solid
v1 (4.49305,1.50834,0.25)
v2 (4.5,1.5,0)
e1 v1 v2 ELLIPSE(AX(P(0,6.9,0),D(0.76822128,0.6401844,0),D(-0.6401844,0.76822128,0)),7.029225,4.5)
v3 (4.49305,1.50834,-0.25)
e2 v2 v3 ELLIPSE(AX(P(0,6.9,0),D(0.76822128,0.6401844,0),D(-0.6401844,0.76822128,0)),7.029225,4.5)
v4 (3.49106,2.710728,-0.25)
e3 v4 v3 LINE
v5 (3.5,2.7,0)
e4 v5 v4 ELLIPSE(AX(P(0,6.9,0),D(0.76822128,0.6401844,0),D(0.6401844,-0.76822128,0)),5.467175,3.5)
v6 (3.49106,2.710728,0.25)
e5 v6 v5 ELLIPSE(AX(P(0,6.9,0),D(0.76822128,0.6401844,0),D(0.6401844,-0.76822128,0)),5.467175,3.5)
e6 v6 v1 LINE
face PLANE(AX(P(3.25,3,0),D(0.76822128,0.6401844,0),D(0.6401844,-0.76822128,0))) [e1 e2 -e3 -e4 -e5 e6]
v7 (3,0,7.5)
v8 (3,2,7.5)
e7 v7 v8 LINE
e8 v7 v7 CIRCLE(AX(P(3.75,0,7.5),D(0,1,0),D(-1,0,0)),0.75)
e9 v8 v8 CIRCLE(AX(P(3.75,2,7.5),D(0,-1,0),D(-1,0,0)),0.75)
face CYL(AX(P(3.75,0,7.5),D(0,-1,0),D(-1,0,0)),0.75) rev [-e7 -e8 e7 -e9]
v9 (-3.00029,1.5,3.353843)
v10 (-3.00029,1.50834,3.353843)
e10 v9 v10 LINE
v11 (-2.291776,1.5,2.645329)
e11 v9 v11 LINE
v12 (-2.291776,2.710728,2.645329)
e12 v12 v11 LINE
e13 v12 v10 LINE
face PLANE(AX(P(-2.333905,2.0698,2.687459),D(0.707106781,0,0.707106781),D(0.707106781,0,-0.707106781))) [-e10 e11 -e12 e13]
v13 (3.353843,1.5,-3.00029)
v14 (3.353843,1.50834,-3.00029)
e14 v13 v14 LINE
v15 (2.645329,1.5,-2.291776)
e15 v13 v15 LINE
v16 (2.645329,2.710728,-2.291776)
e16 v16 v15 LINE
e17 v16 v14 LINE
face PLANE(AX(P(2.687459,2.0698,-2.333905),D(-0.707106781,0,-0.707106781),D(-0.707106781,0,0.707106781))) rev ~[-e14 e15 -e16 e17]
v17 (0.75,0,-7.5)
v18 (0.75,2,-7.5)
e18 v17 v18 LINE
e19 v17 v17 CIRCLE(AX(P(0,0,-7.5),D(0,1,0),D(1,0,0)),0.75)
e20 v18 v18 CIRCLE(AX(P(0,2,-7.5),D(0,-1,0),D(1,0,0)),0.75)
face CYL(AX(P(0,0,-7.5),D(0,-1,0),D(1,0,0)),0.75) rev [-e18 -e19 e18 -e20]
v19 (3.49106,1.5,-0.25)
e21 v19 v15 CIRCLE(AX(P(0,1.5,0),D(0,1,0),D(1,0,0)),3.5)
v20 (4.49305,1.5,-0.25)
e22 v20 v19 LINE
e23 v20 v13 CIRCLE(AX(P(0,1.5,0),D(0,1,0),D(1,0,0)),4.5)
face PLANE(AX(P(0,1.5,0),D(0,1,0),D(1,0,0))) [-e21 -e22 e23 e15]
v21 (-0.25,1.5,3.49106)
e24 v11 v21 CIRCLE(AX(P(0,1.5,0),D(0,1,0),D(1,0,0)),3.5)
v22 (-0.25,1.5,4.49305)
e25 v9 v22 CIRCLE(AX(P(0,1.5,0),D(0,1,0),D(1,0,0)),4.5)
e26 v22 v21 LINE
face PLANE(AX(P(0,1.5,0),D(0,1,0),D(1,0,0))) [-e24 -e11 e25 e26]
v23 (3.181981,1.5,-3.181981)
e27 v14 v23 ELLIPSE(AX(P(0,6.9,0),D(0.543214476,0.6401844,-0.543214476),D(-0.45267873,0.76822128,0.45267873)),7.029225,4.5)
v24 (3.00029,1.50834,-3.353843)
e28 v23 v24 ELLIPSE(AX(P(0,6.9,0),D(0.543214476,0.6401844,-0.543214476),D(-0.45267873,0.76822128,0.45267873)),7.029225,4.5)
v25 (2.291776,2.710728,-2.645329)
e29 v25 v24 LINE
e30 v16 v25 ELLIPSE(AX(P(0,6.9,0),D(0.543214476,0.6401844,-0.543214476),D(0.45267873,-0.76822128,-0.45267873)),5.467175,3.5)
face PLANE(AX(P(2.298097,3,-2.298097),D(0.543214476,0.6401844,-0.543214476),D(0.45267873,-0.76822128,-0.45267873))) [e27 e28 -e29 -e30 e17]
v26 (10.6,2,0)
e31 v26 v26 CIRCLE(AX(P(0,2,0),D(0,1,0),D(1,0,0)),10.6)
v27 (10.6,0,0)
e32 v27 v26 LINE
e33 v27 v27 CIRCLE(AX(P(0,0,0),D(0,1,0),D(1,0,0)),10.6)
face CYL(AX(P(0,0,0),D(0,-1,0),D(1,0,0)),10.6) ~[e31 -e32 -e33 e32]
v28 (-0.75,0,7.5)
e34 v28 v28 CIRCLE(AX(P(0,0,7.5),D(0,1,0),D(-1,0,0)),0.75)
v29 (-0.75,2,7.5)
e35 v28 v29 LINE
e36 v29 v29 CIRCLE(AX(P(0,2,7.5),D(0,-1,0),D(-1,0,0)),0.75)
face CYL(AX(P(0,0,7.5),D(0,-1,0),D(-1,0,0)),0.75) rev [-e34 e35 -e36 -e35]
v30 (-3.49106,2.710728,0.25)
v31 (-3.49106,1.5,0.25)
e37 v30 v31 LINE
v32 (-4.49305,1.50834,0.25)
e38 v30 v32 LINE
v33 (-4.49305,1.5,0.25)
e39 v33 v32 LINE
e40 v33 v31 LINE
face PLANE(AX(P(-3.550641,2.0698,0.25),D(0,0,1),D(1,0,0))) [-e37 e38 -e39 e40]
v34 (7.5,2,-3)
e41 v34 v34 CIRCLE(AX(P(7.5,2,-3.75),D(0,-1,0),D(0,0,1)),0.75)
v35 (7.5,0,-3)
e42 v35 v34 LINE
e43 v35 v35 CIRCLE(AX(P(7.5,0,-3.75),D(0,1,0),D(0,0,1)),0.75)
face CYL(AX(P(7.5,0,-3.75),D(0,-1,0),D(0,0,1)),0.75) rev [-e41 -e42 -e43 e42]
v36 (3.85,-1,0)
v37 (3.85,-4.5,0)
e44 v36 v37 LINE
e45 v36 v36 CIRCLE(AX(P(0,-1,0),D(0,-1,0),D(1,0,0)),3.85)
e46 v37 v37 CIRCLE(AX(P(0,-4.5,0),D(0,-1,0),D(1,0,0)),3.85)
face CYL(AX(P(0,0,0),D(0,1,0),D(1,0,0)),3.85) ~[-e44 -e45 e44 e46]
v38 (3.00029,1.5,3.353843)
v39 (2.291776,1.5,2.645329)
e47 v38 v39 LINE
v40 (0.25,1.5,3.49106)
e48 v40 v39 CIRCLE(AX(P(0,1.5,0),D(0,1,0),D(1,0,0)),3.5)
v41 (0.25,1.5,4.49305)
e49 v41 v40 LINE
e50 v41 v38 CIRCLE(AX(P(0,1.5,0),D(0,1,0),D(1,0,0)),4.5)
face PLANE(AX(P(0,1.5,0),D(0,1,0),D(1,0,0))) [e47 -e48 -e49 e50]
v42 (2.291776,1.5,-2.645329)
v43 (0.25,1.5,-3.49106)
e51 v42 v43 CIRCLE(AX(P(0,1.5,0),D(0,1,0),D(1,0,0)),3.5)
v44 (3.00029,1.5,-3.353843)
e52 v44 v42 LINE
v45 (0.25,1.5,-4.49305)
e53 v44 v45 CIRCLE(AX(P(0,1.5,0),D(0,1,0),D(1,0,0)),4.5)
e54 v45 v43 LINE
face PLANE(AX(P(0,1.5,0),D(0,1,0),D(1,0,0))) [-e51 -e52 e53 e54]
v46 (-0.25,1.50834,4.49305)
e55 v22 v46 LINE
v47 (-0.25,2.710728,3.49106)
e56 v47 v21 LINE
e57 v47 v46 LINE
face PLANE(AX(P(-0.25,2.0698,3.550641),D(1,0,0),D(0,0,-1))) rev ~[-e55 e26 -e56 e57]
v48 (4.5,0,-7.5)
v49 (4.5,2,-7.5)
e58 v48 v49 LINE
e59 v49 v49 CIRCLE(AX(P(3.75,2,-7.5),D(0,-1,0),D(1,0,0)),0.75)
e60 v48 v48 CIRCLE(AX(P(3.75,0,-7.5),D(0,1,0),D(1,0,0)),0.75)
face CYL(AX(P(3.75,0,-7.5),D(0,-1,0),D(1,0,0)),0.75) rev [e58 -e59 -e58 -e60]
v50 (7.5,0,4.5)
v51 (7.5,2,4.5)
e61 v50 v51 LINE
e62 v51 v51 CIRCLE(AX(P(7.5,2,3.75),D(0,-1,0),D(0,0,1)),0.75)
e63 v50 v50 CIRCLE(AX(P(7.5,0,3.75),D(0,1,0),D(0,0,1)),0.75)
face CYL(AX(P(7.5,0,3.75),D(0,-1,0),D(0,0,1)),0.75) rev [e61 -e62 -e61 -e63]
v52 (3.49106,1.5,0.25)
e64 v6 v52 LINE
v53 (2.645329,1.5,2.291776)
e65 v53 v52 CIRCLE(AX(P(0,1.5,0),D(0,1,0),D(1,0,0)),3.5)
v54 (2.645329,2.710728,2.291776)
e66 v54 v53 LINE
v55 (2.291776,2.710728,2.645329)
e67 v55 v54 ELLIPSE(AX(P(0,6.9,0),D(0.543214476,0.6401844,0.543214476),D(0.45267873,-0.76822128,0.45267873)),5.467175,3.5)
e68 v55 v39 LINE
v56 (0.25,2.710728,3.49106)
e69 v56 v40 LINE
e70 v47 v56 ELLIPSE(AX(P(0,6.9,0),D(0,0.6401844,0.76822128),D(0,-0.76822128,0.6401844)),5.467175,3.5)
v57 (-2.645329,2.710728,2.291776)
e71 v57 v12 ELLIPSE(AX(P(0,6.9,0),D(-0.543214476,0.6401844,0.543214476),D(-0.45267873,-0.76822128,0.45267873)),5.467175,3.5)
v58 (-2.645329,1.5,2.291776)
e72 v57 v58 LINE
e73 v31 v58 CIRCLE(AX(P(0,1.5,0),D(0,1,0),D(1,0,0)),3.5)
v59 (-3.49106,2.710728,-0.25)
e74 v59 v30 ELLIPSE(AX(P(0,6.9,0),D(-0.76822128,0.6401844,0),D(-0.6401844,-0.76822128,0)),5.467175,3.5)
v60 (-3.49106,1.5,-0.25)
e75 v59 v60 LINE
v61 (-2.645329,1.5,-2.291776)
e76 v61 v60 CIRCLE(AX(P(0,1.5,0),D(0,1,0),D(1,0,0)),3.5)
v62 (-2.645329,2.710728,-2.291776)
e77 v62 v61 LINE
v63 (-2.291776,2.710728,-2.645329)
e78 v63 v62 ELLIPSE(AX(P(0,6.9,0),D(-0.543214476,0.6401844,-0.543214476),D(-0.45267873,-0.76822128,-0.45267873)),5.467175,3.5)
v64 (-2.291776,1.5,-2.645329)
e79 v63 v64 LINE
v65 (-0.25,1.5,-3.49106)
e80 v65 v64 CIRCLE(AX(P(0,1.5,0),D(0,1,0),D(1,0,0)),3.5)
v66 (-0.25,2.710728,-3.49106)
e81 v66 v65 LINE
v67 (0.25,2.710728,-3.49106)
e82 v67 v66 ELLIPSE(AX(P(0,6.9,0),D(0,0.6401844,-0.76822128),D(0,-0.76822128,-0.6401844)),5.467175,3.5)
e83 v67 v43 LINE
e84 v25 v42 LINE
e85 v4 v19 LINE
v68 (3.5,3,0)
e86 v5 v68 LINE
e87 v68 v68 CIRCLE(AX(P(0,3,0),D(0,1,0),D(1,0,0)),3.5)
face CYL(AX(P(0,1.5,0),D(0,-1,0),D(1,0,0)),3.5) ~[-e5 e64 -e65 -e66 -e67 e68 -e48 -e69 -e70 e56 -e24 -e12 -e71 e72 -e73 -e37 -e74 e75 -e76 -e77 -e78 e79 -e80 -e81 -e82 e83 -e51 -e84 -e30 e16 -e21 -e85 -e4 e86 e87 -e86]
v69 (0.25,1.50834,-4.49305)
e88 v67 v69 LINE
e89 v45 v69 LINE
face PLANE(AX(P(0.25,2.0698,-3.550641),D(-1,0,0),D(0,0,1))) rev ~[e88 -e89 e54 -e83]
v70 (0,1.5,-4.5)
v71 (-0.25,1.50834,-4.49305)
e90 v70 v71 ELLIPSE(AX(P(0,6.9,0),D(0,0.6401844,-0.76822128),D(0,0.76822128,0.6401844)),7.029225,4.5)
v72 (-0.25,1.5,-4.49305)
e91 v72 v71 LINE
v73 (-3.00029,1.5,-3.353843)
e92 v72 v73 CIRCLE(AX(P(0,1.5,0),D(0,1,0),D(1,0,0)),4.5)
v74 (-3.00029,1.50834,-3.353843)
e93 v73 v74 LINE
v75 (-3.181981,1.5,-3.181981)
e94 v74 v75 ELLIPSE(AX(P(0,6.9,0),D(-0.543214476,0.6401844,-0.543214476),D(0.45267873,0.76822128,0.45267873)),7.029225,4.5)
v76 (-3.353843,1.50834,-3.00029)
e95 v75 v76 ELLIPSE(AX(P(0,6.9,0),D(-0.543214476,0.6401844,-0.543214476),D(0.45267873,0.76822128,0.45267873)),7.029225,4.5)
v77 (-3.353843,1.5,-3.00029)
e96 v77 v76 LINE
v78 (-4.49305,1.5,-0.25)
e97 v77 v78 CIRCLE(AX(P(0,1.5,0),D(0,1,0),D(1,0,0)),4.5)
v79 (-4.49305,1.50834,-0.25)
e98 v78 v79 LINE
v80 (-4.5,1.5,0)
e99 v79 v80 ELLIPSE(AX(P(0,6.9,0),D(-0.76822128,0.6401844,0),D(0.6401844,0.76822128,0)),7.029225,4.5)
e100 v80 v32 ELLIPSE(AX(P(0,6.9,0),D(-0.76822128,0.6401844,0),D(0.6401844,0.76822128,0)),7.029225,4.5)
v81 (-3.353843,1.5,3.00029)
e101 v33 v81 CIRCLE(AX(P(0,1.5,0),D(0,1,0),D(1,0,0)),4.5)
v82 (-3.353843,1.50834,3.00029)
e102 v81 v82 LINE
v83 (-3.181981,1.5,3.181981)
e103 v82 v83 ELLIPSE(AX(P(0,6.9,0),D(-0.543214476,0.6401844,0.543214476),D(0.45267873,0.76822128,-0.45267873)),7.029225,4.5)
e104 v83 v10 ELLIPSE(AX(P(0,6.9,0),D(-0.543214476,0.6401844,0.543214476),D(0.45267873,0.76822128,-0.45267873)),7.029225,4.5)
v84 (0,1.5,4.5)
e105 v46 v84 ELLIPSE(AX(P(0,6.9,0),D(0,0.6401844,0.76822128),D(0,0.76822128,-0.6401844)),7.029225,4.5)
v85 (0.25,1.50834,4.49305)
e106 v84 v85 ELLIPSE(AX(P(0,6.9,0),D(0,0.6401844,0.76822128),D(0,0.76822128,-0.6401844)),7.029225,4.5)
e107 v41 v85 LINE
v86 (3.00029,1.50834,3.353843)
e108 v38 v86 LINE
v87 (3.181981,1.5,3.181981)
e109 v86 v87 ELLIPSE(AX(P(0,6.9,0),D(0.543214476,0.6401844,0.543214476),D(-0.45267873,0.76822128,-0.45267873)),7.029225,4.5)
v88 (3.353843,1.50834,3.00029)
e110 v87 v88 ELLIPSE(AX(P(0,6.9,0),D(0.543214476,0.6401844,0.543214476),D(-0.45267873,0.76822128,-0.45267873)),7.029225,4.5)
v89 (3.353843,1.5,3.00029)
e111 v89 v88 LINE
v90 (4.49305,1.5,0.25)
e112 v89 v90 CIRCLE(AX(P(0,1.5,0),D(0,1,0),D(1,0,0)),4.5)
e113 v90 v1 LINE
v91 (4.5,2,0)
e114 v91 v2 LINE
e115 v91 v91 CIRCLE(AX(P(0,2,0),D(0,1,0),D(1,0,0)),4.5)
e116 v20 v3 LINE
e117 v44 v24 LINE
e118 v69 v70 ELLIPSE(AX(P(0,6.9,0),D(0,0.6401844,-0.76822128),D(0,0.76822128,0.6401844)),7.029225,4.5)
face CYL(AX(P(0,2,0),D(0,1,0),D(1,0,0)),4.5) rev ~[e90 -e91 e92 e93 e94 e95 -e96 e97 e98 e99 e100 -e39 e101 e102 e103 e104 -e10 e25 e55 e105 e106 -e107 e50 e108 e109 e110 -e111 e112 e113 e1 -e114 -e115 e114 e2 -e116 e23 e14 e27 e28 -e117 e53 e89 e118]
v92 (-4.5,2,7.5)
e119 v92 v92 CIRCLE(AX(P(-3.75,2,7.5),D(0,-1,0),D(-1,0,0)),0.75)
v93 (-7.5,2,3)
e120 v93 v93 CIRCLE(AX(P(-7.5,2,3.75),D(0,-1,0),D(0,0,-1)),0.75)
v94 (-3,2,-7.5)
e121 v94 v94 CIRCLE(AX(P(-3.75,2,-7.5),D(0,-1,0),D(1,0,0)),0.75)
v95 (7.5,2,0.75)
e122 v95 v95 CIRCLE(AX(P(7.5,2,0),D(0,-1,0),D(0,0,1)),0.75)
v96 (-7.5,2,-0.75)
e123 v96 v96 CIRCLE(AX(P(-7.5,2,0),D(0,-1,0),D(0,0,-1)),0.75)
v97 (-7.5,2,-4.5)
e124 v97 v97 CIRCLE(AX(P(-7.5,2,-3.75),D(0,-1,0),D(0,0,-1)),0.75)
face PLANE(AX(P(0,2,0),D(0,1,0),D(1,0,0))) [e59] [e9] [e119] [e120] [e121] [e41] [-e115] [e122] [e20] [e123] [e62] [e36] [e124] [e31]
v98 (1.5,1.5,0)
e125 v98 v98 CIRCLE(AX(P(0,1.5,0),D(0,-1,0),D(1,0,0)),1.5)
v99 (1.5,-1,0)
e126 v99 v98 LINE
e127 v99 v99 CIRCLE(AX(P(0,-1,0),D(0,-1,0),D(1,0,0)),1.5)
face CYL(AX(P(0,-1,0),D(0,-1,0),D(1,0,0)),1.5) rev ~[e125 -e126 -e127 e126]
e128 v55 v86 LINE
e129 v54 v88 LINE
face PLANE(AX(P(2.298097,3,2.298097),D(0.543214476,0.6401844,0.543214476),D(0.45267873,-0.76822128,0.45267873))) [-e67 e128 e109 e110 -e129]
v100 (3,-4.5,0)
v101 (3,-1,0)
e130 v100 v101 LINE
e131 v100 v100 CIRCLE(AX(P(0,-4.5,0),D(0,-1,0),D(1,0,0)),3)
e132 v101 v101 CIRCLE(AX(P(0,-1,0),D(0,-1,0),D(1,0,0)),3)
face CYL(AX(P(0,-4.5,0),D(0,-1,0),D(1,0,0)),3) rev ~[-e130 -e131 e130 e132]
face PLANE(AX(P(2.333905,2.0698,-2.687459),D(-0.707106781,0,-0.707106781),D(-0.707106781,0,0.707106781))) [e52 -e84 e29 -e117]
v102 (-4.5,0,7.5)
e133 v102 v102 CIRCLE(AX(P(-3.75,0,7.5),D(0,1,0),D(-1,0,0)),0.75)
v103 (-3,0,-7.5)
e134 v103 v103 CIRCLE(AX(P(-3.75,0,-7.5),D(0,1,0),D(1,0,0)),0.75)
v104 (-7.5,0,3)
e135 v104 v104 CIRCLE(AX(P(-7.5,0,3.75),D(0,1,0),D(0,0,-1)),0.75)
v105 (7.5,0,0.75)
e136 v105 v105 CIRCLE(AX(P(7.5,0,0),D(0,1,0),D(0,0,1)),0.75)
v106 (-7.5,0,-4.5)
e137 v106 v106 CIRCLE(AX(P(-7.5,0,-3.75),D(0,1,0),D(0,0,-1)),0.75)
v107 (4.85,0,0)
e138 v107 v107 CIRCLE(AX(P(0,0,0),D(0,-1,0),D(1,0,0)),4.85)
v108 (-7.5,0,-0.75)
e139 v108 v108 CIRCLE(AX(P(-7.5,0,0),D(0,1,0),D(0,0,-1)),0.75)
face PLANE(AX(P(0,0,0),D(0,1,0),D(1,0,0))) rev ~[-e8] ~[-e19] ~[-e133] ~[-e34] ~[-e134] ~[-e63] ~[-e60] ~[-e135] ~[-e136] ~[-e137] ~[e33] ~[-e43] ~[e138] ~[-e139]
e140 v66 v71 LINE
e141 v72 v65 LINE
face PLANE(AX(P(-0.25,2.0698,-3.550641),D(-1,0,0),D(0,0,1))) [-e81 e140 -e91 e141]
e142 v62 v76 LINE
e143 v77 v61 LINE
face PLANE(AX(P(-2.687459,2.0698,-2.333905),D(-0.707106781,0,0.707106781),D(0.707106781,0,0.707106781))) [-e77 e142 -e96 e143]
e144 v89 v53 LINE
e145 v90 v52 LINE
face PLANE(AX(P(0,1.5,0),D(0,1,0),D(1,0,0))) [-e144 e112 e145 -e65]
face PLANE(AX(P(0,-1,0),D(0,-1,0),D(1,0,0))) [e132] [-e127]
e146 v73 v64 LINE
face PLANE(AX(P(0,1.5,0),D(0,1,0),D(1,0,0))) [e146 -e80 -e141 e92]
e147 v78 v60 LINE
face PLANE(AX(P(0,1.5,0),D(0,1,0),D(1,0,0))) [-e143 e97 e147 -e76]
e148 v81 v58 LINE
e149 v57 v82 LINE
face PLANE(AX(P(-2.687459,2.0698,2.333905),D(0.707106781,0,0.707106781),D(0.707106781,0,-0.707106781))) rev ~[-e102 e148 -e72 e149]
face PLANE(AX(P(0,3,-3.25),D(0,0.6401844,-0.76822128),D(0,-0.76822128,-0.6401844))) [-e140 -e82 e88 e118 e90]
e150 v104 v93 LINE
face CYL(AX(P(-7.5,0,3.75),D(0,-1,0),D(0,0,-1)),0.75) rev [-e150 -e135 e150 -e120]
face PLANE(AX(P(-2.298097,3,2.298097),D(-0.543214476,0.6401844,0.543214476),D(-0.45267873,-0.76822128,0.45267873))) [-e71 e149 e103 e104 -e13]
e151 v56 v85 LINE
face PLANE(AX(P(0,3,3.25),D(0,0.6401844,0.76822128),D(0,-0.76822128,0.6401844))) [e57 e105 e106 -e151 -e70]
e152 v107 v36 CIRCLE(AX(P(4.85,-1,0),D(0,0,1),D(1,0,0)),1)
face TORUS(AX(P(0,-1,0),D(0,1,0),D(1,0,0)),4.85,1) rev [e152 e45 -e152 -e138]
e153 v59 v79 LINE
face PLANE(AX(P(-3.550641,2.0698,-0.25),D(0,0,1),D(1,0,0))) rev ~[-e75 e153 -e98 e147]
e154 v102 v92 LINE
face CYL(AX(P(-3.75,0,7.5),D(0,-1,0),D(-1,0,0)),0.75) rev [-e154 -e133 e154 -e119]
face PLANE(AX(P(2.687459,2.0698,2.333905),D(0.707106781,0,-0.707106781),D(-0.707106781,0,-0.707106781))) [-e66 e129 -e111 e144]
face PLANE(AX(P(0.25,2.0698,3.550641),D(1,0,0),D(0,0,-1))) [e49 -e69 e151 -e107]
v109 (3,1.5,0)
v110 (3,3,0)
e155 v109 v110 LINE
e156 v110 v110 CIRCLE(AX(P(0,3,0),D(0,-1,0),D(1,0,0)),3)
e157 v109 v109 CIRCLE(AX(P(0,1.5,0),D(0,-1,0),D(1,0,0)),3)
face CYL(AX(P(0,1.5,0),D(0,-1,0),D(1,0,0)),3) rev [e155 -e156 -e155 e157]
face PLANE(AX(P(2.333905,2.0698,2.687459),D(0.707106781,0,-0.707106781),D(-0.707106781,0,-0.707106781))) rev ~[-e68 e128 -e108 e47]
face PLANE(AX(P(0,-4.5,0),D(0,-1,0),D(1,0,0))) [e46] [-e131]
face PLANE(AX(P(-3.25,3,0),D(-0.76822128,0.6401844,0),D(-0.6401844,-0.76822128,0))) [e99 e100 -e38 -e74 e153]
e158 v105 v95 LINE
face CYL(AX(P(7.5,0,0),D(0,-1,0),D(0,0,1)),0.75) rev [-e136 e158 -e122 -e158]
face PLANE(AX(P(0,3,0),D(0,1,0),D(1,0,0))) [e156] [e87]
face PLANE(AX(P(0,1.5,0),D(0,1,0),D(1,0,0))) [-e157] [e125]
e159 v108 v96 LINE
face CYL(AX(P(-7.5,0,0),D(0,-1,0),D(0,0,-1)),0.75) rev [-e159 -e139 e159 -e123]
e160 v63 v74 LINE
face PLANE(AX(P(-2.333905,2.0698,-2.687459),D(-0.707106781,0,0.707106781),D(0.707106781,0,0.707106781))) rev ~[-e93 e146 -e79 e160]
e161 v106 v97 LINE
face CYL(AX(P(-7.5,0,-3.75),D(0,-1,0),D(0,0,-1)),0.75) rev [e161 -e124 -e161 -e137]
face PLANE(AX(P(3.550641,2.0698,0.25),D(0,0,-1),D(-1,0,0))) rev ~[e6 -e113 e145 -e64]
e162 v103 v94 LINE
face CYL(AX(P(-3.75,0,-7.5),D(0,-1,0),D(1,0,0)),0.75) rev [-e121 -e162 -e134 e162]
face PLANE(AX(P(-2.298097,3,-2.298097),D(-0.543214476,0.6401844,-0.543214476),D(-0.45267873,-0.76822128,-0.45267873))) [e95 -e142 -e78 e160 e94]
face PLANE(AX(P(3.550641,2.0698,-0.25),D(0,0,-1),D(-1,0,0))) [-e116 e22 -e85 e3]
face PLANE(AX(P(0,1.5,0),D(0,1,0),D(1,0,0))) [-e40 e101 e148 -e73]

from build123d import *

# Parameters (mm, degrees)
SKETCH1_R           = 10.6
BOSS_EXTRUDE1_DEPTH = 2
SKETCH2_R           = 0.75
CUT_EXTRUDE2_DEPTH  = 3
CIRPATTERN1_COUNT   = 4
SKETCH3_R           = 3.85
BOSS_EXTRUDE2_DEPTH = 4.5
SKETCH4_R           = 3
CUT_EXTRUDE3_DEPTH  = 3.5
SKETCH5_R           = 1.5
CUT_EXTRUDE4_DEPTH  = 4
FILLET1_R           = 1
SKETCH6_R           = 4.5
CUT_EXTRUDE5_DEPTH  = 0.5
SKETCH7_R           = 3.5
SKETCH7_R_2         = 3
BOSS_EXTRUDE3_DEPTH = 1.5
BOSS_EXTRUDE4_DEPTH = 0.25
CIRPATTERN2_COUNT   = 8


with BuildPart() as part:
    # Sketch1 → Boss-Extrude1 (new body)
    with BuildSketch(Plane(origin=(0, 0, 0), x_dir=(1, 0, 0), z_dir=(0, 1, 0))):
        Circle(SKETCH1_R)
    extrude(amount=BOSS_EXTRUDE1_DEPTH)

    # Sketch2 → Cut-Extrude2 (cut, through all)
    with BuildSketch(Plane(origin=(0, 0, 0), x_dir=(1, 0, 0), z_dir=(0, 1, 0))):
        with Locations((-3.75, 7.5)):
            Circle(SKETCH2_R)
        with Locations((3.75, 7.5)):
            Circle(SKETCH2_R)
        with Locations((0, 7.5)):
            Circle(SKETCH2_R)
    cut_extrude2 = extrude(amount=CUT_EXTRUDE2_DEPTH, mode=Mode.SUBTRACT)

    # CirPattern1: Cut-Extrude2 ×4 about axis
    cirpattern1_axis = Axis((0, 0, 0), (0, 1, 0))
    for i in range(1, CIRPATTERN1_COUNT):
        add(cut_extrude2.rotate(cirpattern1_axis, i * 360 / CIRPATTERN1_COUNT), mode=Mode.SUBTRACT)

    # Sketch3 → Boss-Extrude2 (add)
    with BuildSketch(Plane.XZ):
        Circle(SKETCH3_R)
    extrude(amount=BOSS_EXTRUDE2_DEPTH)

    # Sketch4 → Cut-Extrude3 (cut)
    with BuildSketch(Plane.XZ.offset(4.5)):
        Circle(SKETCH4_R)
    extrude(amount=-CUT_EXTRUDE3_DEPTH, mode=Mode.SUBTRACT)

    # Sketch5 → Cut-Extrude4 (cut, through all)
    with BuildSketch(Plane.XZ.offset(1)):
        Circle(SKETCH5_R)
    extrude(amount=-CUT_EXTRUDE4_DEPTH, mode=Mode.SUBTRACT)

    # Fillet1
    fillet1_edges = [part.edges().sort_by_distance(p)[0] for p in [
        (-3.85, 0, 0),
    ]]
    fillet(fillet1_edges, radius=FILLET1_R)

    # Sketch6 → Cut-Extrude5 (cut)
    with BuildSketch(Plane(origin=(0, 2, 0), x_dir=(1, 0, 0), z_dir=(0, 1, 0))):
        Circle(SKETCH6_R)
    extrude(amount=-CUT_EXTRUDE5_DEPTH, mode=Mode.SUBTRACT)

    # Sketch7 → Boss-Extrude3 (add)
    with BuildSketch(Plane(origin=(0, 1.5, 0), x_dir=(1, 0, 0), z_dir=(0, 1, 0))):
        Circle(SKETCH7_R)
        Circle(SKETCH7_R_2, mode=Mode.SUBTRACT)
    extrude(amount=BOSS_EXTRUDE3_DEPTH)

    # Sketch8 → Boss-Extrude4 (add, symmetric)
    with BuildSketch(Plane(origin=(0, 0, 0), x_dir=(0, 0, -1), z_dir=(1, 0, 0))):
        Polygon((-4.5, 1.5), (-3, 1.5), (-3, 3), (-3.25, 3), align=None)
    boss_extrude4 = extrude(amount=BOSS_EXTRUDE4_DEPTH, both=True)

    # CirPattern2: Boss-Extrude4 ×8 about axis
    cirpattern2_axis = Axis((0, 0, 0), (0, 1, 0))
    for i in range(1, CIRPATTERN2_COUNT):
        add(boss_extrude4.rotate(cirpattern2_axis, i * 360 / CIRPATTERN2_COUNT))


solid = part.part
